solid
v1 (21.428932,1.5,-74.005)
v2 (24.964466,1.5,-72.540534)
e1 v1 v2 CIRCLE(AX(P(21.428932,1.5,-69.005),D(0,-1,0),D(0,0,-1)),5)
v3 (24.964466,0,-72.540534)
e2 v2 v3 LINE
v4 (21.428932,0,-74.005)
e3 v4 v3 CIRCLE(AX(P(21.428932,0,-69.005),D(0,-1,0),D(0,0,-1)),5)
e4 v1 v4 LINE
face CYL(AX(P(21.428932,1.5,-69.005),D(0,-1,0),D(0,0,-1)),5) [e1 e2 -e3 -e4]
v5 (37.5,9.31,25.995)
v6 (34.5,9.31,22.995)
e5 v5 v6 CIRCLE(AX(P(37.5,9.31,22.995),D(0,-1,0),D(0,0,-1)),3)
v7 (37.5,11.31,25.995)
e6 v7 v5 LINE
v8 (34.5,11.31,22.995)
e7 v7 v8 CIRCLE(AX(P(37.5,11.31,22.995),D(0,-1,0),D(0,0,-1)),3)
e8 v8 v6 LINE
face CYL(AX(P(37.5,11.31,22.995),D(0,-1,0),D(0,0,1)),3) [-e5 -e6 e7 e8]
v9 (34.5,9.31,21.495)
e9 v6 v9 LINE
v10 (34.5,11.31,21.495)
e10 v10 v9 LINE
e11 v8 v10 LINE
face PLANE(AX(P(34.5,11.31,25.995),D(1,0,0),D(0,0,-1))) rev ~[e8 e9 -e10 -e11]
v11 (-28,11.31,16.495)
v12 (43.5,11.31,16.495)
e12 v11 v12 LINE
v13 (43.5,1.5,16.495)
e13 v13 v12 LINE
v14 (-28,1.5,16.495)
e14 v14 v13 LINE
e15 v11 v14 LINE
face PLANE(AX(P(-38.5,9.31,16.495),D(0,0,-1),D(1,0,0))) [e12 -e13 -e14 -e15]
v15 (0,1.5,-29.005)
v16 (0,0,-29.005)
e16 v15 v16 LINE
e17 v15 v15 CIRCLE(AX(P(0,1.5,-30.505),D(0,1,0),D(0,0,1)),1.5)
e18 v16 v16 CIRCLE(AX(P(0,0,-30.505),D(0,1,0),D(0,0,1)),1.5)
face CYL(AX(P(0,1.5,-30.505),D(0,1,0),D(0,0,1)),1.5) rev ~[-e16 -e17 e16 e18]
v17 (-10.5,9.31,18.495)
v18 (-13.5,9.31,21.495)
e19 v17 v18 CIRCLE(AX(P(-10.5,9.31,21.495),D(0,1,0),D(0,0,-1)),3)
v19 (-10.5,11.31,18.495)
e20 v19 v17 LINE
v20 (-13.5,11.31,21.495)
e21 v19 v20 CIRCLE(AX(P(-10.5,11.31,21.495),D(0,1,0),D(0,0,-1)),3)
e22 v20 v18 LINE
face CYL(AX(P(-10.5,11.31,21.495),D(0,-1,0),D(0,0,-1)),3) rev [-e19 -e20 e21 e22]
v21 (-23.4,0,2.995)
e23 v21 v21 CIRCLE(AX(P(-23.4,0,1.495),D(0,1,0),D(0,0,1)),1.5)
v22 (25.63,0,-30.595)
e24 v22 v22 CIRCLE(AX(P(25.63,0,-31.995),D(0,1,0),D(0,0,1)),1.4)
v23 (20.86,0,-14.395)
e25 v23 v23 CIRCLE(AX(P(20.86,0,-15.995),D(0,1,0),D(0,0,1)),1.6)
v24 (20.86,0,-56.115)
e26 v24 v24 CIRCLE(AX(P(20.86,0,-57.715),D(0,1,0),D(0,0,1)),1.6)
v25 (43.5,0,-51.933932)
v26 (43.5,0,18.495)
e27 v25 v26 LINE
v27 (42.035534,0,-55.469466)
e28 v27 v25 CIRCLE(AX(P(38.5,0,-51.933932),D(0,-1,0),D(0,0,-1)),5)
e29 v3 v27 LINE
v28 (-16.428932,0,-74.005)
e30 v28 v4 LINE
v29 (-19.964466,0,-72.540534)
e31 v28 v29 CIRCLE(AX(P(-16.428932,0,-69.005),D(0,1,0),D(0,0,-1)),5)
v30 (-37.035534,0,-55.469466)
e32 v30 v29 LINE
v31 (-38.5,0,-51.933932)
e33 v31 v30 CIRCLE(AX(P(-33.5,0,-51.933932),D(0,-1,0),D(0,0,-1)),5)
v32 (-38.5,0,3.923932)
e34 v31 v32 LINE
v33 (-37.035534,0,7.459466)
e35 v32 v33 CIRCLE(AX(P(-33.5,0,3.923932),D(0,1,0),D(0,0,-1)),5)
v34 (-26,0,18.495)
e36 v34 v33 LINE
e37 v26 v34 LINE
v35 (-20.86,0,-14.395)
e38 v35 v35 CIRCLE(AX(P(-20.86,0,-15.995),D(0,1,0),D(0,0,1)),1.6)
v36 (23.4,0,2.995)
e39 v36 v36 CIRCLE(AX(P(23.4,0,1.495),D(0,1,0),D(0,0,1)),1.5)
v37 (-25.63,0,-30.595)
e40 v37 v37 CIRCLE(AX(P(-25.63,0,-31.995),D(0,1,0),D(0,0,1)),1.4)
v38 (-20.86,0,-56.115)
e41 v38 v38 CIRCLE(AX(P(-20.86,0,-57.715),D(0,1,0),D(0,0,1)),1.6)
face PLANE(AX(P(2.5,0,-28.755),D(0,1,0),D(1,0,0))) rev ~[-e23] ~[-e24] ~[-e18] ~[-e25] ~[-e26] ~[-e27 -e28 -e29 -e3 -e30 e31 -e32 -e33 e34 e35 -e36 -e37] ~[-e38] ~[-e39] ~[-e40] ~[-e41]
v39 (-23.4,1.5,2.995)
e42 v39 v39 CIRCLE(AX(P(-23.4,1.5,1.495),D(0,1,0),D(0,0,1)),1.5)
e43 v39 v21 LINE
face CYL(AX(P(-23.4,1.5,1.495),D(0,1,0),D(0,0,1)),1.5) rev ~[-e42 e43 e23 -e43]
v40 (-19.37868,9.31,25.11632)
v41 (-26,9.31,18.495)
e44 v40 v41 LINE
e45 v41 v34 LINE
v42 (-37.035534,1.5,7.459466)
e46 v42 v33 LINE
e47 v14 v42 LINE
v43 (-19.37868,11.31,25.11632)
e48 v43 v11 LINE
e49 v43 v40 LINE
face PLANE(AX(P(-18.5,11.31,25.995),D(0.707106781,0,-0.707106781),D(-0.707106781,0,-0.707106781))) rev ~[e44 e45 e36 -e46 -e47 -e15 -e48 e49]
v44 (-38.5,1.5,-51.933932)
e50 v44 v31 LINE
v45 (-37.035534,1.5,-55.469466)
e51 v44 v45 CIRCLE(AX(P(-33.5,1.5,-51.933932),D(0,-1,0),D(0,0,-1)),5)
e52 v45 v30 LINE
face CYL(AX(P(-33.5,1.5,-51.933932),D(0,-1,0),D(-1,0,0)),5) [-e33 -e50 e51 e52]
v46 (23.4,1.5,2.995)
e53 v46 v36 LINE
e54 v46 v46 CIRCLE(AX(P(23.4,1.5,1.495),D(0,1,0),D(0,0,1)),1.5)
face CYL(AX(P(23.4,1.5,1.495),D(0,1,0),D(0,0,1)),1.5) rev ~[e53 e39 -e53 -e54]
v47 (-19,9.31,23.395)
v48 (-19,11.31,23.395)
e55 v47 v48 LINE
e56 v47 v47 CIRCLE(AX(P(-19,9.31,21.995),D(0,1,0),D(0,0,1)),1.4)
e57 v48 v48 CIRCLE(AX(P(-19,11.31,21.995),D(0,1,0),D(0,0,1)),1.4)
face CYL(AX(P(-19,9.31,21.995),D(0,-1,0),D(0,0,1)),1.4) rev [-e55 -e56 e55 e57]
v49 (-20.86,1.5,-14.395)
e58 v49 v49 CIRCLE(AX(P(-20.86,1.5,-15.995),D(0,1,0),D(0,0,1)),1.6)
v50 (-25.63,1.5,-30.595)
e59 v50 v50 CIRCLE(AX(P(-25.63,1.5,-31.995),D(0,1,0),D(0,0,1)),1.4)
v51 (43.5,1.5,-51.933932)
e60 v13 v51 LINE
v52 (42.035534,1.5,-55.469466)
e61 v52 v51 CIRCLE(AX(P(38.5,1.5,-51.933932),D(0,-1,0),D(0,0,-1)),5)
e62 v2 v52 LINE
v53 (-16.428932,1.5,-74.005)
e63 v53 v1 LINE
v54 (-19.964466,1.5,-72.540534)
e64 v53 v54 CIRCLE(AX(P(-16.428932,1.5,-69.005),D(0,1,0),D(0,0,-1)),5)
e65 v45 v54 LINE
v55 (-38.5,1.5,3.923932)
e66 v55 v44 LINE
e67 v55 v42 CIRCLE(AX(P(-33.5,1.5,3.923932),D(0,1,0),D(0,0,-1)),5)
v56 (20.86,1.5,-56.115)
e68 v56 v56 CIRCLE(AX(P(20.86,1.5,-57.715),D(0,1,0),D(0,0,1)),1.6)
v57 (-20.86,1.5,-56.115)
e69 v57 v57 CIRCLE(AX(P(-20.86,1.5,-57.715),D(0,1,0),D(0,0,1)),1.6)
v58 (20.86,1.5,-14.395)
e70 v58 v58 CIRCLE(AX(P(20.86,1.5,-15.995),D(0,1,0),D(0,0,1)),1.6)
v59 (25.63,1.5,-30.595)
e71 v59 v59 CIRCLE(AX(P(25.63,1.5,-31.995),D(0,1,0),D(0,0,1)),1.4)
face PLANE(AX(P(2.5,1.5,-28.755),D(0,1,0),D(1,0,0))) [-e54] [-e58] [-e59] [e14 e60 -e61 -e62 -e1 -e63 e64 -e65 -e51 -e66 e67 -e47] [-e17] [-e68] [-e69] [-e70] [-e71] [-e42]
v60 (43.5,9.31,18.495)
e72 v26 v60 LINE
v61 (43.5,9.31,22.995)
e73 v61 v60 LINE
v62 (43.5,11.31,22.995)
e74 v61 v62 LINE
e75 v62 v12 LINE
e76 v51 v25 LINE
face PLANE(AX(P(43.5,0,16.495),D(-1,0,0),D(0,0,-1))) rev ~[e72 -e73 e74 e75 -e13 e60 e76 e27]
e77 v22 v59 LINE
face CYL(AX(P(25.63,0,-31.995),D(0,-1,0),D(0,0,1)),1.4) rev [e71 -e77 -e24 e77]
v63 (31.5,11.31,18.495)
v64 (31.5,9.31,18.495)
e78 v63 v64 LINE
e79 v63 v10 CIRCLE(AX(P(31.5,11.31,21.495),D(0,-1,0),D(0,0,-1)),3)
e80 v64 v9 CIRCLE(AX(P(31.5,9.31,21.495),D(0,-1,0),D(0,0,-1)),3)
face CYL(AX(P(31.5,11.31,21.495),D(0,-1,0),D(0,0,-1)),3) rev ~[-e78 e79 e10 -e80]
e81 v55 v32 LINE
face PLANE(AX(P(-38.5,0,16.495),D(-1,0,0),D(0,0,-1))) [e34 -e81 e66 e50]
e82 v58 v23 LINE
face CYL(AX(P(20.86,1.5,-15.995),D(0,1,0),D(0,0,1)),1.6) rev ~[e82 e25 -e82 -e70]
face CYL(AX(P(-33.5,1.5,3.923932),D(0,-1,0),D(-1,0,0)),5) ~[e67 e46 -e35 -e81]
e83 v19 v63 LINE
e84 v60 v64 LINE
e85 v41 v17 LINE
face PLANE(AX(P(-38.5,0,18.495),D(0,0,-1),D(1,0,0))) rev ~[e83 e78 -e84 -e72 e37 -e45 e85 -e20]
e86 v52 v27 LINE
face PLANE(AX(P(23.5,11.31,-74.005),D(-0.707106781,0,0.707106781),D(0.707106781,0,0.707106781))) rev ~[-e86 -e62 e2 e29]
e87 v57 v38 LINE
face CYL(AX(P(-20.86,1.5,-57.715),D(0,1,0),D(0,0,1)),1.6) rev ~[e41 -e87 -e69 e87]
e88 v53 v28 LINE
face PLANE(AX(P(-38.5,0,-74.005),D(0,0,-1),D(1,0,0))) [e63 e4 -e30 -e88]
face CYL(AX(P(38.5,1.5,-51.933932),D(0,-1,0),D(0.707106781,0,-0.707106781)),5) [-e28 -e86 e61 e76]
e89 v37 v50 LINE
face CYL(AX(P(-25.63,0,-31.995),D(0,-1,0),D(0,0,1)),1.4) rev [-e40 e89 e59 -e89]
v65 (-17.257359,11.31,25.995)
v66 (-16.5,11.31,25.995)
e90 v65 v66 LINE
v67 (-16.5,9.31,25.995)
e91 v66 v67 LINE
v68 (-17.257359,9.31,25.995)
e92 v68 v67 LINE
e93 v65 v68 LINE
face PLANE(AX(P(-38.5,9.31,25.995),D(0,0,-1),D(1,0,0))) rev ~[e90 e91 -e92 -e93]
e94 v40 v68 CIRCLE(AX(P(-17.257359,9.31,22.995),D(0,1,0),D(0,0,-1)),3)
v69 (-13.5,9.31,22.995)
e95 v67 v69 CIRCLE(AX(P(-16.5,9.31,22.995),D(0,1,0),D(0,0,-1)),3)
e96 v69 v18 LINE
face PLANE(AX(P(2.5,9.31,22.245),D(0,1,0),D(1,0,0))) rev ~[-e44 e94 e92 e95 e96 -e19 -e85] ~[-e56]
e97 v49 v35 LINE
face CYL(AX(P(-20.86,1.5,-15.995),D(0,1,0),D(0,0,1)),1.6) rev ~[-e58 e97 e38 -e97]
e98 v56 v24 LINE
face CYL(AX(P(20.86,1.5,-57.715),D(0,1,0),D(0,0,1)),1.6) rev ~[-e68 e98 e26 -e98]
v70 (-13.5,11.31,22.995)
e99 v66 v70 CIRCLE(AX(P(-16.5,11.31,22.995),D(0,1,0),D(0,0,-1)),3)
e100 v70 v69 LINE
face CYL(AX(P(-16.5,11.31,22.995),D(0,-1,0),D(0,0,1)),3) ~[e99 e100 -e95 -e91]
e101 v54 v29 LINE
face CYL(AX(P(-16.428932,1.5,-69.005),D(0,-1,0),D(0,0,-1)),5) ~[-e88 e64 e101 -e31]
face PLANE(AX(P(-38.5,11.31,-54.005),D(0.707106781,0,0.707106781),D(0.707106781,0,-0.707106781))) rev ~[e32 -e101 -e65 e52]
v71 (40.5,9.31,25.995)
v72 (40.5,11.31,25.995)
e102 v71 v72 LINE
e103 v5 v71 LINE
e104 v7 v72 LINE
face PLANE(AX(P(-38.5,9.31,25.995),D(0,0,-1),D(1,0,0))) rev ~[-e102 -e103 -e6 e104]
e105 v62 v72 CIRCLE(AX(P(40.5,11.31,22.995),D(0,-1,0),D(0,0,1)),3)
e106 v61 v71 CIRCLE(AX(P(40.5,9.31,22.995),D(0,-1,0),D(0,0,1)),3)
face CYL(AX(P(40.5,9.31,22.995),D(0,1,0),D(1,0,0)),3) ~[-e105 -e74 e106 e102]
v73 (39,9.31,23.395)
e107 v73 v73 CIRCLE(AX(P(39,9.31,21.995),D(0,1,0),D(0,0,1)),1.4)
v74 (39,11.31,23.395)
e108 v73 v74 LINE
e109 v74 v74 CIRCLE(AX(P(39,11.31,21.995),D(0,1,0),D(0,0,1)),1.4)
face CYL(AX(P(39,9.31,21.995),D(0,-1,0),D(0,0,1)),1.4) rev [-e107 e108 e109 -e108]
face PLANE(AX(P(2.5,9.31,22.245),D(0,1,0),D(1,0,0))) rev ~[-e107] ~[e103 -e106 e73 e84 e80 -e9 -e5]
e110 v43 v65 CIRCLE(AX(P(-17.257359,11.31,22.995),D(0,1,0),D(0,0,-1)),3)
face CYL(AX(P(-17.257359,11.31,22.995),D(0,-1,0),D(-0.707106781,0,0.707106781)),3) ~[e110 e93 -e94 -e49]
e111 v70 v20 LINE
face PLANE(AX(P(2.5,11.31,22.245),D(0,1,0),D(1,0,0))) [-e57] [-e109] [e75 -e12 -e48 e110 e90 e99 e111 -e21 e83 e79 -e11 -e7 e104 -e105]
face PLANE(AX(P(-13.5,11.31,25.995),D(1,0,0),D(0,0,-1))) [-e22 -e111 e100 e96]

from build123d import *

# Parameters (mm, degrees)
CROQUIS1_W              = 82
CROQUIS1_H              = 90.5
CROQUIS1_R              = 1.4
SALIENTE_EXTRUIR1_DEPTH = 1.5
CROQUIS1_3_W            = 82
CROQUIS1_3_H            = 2
SALIENTE_EXTRUIR2_DEPTH = 9.31
SALIENTE_EXTRUIR3_START = 9.31
CROQUIS1_4_W            = 82
CROQUIS1_4_H            = 7.5
CROQUIS1_4_R            = 1.4
CROQUIS1_4_H_2          = 2
SALIENTE_EXTRUIR3_DEPTH = 2
CROQUIS2_R              = 1.5
CROQUIS2_R_2            = 1.6
CORTAR_EXTRUIR1_DEPTH   = 1.5
CROQUIS3_W              = 48
CROQUIS3_H              = 7.5
CORTAR_EXTRUIR2_DEPTH   = 87.58467604
REDONDEO1_R             = 5
REDONDEO2_R             = 3


with BuildPart() as part:
    # Croquis1 → Saliente-Extruir1 (new body)
    with BuildSketch(Plane(origin=(0, 0, 0), x_dir=(1, 0, 0), z_dir=(0, 1, 0))):
        with Locations((2.5, 28.755)):
            Rectangle(CROQUIS1_W, CROQUIS1_H)
        with Locations(Location((-25.63, 31.995, 0), (0, 0, 270))):
            Circle(CROQUIS1_R, mode=Mode.SUBTRACT)
        with Locations(Location((25.63, 31.995, 0), (0, 0, 270))):
            Circle(CROQUIS1_R, mode=Mode.SUBTRACT)
    extrude(amount=SALIENTE_EXTRUIR1_DEPTH)

    # Croquis2 → Cortar-Extruir1 (cut)
    with BuildSketch(Plane(origin=(0, 1.5, 0), x_dir=(1, 0, 0), z_dir=(0, 1, 0))):
        with Locations(Location((-23.4, -1.495, 0), (0, 0, 270))):
            Circle(CROQUIS2_R)
        with Locations(Location((23.4, -1.495, 0), (0, 0, 270))):
            Circle(CROQUIS2_R)
        with Locations(Location((0, 30.505, 0), (0, 0, 270))):
            Circle(CROQUIS2_R)
        with Locations(Location((-20.86, 57.715, 0), (0, 0, 270))):
            Circle(CROQUIS2_R_2)
        with Locations(Location((20.86, 57.715, 0), (0, 0, 270))):
            Circle(CROQUIS2_R_2)
        with Locations(Location((20.86, 15.995, 0), (0, 0, 270))):
            Circle(CROQUIS2_R_2)
        with Locations(Location((-20.86, 15.995, 0), (0, 0, 270))):
            Circle(CROQUIS2_R_2)
    extrude(amount=-CORTAR_EXTRUIR1_DEPTH, mode=Mode.SUBTRACT)


with BuildPart() as body_2:
    # Croquis1<3> → Saliente-Extruir2 (new body)
    with BuildSketch(Plane(origin=(0, 0, 0), x_dir=(1, 0, 0), z_dir=(0, 1, 0))):
        with Locations((2.5, -17.495)):
            Rectangle(CROQUIS1_3_W, CROQUIS1_3_H)
    extrude(amount=SALIENTE_EXTRUIR2_DEPTH)

    # Croquis1<4> → Saliente-Extruir3 (add)
    # profile 1 of 2: a face of its own
    with BuildSketch(Plane(origin=(0, 0, 0), x_dir=(1, 0, 0), z_dir=(0, 1, 0)).offset(SALIENTE_EXTRUIR3_START)):
        with Locations((2.5, -22.245)):
            Rectangle(CROQUIS1_4_W, CROQUIS1_4_H)
        with Locations(Location((-19, -21.995, 0), (0, 0, 270))):
            Circle(CROQUIS1_4_R, mode=Mode.SUBTRACT)
        with Locations(Location((39, -21.995, 0), (0, 0, 270))):
            Circle(CROQUIS1_4_R, mode=Mode.SUBTRACT)
    # profile 2 of 2: a face of its own
    with BuildSketch(Plane(origin=(0, 0, 0), x_dir=(1, 0, 0), z_dir=(0, 1, 0)).offset(SALIENTE_EXTRUIR3_START)):
        with Locations((2.5, -17.495)):
            Rectangle(CROQUIS1_4_W, CROQUIS1_4_H_2)
    extrude(amount=SALIENTE_EXTRUIR3_DEPTH)

    # Combinar1: union part
    add(part.part)

    # Croquis3 → Cortar-Extruir2 (cut, through all)
    with BuildSketch(Plane(origin=(0, 11.31, 0), x_dir=(1, 0, 0), z_dir=(0, 1, 0))):
        Polygon((-18.5, -25.995), (-28, -16.495), (-38.5, -16.495), (-38.5, -25.995), align=None)
        Polygon((-28, -16.495), (-38.5, -5.995), (-38.5, -16.495), align=None)
        with Locations((10.5, -22.245)):
            Rectangle(CROQUIS3_W, CROQUIS3_H)
        Polygon((-38.5, 54.005), (-18.5, 74.005), (-38.5, 74.005), align=None)
        Polygon((23.5, 74.005), (43.5, 54.005), (43.5, 74.005), align=None)
    extrude(amount=-CORTAR_EXTRUIR2_DEPTH, mode=Mode.SUBTRACT)

    # Redondeo1
    redondeo1_edges = [body_2.edges().sort_by_distance(p)[0] for p in [
        (23.5, 0.75, -74.005),
        (43.5, 0.75, -54.005),
        (-38.5, 0.75, 5.995),
        (-18.5, 0.75, -74.005),
        (-38.5, 0.75, -54.005),
    ]]
    fillet(redondeo1_edges, radius=REDONDEO1_R)

    # Redondeo2
    redondeo2_edges = [body_2.edges().sort_by_distance(p)[0] for p in [
        (-18.5, 10.31, 25.995),
        (43.5, 10.31, 25.995),
        (34.5, 10.31, 18.495),
        (-13.5, 10.31, 25.995),
        (-13.5, 10.31, 18.495),
        (34.5, 10.31, 25.995),
    ]]
    fillet(redondeo2_edges, radius=REDONDEO2_R)


solid = body_2.part
